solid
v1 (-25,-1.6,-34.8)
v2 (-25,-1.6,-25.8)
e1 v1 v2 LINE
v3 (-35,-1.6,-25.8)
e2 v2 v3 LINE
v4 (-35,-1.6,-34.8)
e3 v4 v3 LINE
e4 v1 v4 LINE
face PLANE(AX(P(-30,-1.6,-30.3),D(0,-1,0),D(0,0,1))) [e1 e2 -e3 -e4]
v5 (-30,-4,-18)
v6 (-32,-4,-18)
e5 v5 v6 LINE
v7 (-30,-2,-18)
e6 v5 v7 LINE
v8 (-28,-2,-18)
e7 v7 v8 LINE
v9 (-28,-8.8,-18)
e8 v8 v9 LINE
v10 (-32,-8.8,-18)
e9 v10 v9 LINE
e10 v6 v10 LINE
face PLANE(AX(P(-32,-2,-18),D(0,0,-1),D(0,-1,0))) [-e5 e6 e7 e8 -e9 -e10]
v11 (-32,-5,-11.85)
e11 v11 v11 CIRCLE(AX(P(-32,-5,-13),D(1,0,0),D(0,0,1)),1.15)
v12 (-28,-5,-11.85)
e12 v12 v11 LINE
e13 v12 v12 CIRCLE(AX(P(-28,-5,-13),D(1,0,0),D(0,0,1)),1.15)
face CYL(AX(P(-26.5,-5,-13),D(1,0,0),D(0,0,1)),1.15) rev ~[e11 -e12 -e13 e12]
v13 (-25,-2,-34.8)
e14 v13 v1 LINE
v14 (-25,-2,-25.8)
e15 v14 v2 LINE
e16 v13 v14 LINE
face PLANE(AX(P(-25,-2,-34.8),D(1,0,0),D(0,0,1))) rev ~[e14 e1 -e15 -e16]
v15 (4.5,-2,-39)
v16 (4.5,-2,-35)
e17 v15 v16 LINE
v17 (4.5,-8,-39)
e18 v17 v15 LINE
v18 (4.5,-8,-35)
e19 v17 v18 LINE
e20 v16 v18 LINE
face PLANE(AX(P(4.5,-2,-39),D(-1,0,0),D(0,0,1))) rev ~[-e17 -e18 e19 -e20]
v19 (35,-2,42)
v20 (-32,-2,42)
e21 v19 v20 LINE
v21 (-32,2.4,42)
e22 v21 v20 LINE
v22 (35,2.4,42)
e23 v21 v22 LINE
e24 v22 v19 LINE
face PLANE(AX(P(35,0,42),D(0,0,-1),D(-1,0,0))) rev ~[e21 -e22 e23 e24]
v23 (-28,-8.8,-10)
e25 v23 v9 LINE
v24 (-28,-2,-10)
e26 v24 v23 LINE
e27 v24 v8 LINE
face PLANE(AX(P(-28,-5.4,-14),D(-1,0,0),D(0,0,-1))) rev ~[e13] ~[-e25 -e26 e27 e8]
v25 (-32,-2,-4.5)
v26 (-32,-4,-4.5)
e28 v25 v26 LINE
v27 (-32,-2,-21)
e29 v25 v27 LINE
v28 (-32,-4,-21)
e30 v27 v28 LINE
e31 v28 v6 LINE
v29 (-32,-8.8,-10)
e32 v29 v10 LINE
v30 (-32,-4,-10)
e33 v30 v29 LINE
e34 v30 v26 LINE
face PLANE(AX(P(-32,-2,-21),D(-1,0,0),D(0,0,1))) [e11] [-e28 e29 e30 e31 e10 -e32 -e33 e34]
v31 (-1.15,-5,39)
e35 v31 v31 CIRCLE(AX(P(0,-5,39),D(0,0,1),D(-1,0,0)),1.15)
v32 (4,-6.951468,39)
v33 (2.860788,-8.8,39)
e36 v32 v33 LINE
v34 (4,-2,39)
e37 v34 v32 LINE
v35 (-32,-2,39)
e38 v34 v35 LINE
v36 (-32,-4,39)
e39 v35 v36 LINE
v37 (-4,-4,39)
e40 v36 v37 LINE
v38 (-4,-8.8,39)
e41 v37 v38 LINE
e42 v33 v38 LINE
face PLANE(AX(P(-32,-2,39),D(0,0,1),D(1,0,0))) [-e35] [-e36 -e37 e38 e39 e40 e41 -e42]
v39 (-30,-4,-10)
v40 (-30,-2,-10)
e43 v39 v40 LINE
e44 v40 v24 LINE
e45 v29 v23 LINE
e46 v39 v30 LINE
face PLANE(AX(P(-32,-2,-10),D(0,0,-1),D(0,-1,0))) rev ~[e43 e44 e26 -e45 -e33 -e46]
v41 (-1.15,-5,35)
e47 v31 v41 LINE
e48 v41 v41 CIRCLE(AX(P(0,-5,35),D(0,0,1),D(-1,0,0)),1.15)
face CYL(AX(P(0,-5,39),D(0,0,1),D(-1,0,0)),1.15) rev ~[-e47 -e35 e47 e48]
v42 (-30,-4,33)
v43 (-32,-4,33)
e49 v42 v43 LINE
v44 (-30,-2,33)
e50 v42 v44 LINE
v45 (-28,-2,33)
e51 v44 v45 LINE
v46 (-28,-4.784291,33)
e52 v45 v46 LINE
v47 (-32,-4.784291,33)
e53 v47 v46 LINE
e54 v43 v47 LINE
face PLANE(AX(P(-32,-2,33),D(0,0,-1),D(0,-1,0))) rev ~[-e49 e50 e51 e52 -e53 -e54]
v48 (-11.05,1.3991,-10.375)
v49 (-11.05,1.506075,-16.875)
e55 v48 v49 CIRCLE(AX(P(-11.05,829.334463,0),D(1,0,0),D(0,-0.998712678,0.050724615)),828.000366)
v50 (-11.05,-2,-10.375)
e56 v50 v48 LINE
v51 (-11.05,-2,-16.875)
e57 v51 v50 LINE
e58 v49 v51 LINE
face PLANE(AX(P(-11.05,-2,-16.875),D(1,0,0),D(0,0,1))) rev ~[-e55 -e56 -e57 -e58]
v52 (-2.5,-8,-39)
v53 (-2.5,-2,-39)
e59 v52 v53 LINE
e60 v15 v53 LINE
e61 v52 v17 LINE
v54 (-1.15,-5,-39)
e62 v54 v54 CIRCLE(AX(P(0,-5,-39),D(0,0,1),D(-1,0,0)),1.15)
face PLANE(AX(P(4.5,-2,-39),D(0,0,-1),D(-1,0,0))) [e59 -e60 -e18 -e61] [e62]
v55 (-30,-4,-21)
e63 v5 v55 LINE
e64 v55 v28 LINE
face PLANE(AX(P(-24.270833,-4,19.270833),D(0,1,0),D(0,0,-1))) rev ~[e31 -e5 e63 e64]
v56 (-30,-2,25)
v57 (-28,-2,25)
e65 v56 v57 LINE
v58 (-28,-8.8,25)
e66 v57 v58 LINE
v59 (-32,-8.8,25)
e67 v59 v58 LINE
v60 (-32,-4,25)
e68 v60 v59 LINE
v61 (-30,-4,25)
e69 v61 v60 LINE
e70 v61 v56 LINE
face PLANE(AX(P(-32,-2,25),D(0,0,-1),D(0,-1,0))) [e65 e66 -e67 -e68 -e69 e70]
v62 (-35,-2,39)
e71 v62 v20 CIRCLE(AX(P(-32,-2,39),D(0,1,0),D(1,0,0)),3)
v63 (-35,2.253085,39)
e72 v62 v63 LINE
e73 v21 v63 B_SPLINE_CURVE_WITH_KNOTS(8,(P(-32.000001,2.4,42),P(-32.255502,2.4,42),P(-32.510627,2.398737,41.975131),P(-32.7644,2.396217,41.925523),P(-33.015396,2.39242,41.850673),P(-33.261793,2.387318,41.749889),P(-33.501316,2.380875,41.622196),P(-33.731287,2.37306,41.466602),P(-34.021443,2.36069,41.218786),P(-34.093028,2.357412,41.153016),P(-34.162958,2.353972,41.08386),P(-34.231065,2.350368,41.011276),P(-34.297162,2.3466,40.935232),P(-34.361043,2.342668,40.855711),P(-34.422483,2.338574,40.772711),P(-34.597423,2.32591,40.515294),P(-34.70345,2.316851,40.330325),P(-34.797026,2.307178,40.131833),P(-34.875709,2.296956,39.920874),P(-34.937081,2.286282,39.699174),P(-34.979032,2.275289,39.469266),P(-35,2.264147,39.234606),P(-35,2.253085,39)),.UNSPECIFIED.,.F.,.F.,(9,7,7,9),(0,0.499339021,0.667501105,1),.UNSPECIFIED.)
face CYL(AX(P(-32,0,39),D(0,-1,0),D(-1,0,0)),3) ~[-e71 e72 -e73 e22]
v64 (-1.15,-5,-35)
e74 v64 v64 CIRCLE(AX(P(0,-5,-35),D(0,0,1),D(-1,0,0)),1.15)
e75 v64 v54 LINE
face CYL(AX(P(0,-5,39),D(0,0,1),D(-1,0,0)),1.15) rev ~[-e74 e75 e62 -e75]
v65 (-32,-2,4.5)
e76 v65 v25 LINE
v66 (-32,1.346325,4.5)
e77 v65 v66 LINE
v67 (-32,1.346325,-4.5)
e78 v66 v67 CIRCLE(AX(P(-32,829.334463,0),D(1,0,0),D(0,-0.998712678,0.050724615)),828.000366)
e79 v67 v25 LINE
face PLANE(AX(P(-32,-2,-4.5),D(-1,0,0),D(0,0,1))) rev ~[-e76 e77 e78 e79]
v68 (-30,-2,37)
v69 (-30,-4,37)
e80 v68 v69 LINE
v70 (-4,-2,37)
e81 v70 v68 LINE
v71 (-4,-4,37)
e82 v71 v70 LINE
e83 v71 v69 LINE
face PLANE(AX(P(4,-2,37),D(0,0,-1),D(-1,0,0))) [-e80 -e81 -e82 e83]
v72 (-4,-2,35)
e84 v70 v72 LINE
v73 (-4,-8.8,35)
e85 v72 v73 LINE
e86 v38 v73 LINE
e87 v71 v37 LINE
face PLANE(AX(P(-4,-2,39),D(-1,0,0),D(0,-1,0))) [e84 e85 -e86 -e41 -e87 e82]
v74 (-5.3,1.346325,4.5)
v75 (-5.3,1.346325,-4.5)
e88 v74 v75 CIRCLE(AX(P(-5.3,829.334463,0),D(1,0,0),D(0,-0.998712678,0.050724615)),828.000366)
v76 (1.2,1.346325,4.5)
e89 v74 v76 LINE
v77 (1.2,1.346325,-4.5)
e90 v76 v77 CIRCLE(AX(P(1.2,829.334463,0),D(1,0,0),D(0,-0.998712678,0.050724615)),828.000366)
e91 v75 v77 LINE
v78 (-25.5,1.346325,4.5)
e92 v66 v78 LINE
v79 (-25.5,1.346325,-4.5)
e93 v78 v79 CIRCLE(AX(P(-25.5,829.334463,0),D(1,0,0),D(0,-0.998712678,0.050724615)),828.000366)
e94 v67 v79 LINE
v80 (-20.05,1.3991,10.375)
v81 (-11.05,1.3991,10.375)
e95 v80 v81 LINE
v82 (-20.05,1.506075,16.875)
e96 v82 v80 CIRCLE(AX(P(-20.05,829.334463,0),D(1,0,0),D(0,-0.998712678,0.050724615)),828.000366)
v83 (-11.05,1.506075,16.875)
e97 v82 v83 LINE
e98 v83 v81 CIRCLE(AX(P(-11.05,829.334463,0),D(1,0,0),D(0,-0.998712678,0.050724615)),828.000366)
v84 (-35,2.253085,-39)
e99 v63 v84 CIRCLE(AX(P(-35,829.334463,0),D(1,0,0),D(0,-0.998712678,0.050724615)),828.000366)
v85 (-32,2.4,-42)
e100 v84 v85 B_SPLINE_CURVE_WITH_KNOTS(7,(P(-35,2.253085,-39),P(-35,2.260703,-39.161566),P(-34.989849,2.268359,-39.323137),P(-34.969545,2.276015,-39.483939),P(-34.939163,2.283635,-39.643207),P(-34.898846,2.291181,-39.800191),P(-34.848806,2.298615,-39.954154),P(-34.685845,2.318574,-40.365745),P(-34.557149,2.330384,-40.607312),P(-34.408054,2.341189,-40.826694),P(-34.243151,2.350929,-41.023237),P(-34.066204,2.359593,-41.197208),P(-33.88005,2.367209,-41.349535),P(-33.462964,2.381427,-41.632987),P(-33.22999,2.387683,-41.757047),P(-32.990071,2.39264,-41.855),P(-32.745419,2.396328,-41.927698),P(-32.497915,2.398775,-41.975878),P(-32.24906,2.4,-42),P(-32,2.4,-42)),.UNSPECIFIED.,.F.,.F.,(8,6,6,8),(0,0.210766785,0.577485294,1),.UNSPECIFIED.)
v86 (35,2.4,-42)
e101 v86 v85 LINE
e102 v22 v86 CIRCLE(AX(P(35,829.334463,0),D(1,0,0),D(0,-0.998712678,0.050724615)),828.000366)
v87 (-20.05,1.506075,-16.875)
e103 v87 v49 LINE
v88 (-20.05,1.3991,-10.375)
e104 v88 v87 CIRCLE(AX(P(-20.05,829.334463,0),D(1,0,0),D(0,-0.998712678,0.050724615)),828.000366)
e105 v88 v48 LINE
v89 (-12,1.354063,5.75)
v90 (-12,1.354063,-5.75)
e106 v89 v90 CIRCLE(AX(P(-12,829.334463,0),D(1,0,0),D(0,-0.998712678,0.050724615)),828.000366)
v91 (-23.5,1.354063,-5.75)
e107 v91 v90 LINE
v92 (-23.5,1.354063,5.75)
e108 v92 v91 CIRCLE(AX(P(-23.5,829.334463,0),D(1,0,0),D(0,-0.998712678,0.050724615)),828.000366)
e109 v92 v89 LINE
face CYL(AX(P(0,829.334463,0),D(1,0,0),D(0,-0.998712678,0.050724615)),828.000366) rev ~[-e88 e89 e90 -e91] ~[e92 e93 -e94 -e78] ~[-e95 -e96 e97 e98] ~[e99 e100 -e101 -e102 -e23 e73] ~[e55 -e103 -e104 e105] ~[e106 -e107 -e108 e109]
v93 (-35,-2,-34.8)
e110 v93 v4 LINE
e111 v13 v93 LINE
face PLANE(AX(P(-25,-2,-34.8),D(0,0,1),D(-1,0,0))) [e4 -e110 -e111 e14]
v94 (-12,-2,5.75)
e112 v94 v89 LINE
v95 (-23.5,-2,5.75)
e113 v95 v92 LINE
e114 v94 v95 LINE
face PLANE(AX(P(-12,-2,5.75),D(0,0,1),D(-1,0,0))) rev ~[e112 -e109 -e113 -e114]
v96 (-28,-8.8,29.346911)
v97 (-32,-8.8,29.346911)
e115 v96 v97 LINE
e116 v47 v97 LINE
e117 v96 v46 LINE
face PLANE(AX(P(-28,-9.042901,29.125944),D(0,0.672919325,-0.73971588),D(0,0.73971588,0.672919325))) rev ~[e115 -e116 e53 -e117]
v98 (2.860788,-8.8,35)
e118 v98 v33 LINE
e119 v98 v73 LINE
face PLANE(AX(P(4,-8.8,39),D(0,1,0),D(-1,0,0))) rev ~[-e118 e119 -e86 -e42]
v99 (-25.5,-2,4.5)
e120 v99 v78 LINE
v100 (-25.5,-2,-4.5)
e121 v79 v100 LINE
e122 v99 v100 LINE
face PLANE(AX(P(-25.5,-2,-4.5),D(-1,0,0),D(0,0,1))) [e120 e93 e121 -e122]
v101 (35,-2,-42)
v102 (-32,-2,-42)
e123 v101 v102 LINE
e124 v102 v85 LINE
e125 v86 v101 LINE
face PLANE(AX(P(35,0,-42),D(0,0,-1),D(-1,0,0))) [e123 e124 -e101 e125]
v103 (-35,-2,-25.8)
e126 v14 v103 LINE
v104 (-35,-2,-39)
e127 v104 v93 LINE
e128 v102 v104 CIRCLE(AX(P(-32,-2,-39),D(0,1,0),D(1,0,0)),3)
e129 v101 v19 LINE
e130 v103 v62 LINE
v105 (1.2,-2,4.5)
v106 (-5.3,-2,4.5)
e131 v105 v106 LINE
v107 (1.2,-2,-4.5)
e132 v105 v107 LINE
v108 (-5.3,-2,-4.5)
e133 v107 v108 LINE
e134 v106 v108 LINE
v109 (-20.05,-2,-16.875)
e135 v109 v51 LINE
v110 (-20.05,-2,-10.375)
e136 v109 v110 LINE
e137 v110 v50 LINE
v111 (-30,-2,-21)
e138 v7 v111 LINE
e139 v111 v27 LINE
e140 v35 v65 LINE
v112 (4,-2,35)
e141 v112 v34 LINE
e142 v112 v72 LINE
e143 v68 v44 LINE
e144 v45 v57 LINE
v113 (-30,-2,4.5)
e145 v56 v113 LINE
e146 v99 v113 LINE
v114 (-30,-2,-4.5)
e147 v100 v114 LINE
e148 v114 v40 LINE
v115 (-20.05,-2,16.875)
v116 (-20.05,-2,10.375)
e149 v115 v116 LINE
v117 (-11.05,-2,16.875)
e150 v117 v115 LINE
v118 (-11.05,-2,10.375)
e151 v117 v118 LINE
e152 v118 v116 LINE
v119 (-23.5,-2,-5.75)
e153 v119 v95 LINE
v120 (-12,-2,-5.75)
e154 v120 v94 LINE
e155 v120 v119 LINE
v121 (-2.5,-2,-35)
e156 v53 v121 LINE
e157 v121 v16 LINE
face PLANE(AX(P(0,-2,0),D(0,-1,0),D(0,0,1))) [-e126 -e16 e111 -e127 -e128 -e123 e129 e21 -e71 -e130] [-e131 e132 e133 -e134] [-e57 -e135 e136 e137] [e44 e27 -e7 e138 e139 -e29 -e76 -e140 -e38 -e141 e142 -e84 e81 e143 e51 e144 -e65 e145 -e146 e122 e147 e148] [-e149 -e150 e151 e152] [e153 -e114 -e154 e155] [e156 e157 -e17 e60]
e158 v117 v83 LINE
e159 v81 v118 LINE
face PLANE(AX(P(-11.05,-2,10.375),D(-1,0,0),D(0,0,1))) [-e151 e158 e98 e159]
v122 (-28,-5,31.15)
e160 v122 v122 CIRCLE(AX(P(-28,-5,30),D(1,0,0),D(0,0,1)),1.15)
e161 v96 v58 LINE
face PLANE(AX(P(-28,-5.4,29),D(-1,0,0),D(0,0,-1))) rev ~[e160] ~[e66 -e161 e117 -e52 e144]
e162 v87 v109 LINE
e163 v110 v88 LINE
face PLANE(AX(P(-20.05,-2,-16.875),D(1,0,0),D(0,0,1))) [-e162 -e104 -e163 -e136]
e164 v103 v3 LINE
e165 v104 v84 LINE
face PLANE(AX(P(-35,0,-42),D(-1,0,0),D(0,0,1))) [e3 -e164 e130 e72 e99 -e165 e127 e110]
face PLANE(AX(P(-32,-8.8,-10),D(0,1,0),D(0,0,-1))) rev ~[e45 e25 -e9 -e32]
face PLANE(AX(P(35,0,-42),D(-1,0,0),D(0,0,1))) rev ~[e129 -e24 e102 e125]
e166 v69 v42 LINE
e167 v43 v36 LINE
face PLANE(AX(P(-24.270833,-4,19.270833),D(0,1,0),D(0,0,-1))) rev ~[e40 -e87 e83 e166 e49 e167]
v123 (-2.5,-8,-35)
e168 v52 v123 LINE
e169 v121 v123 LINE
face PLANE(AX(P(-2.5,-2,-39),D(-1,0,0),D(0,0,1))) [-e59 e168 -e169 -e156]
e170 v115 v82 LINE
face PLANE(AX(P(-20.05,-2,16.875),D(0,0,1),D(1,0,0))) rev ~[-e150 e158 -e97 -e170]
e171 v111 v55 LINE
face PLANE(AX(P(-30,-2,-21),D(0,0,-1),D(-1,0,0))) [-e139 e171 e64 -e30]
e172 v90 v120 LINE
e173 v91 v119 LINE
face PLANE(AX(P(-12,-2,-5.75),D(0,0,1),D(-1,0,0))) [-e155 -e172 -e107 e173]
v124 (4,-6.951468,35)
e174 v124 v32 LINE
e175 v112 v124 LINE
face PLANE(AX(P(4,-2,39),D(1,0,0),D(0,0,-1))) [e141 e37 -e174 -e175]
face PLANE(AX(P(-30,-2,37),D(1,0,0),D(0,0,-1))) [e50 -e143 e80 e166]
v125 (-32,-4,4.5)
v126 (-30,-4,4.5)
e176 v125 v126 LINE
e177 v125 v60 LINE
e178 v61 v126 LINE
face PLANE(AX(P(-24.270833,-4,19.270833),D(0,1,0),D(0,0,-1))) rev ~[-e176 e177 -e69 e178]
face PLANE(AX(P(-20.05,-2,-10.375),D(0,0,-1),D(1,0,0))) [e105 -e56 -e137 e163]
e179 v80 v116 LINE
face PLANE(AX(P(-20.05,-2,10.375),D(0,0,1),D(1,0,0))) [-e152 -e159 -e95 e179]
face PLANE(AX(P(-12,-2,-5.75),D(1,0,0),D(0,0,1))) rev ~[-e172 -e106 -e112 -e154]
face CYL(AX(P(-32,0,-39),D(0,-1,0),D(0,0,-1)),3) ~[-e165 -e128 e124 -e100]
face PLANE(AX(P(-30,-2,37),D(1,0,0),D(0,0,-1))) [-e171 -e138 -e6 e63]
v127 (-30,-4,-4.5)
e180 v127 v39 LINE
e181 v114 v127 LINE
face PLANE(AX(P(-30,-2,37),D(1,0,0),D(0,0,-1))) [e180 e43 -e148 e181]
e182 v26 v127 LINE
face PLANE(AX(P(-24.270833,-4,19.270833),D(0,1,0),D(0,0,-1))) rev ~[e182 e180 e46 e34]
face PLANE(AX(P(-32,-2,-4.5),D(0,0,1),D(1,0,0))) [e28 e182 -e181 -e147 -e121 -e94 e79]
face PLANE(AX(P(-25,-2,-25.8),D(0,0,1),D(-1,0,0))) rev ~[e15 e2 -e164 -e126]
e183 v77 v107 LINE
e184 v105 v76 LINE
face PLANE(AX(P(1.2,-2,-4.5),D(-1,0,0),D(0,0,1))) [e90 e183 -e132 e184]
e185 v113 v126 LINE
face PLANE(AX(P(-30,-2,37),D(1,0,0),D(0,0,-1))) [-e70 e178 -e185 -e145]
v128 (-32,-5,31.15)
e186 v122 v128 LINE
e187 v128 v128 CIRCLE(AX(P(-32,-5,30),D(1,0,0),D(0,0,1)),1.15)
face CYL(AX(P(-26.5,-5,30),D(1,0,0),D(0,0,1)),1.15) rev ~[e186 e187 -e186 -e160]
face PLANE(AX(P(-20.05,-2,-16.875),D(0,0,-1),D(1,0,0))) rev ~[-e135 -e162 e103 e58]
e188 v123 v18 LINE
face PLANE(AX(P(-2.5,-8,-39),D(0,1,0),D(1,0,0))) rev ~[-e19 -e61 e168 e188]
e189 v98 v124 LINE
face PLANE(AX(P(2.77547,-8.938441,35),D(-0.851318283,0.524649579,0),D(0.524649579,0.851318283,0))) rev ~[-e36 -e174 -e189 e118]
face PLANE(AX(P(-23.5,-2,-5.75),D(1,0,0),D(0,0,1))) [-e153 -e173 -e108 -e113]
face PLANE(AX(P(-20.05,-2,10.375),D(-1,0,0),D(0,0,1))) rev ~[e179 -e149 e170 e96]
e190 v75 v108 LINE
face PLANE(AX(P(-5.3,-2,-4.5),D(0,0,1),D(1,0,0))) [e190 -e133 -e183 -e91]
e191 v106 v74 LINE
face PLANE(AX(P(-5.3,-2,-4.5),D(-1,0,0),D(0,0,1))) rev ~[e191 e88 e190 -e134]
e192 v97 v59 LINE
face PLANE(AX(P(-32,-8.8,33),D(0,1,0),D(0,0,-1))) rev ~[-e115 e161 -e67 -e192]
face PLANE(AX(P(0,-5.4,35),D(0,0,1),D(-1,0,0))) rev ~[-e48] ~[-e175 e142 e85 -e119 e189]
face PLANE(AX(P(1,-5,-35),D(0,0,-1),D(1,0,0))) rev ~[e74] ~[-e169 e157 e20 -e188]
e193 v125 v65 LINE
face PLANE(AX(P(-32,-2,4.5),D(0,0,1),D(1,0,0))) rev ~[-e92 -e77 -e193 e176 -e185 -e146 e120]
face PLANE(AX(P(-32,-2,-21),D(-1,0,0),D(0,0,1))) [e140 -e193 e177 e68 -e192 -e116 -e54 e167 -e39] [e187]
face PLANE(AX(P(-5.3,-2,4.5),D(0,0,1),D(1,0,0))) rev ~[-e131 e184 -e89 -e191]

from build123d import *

# Parameters (mm, degrees)
SKETCH009_W             = 84
SKETCH009_H             = 70
PAD002_DEPTH            = 2
SKETCH010_W             = 2
SKETCH010_H             = 7
PAD003_DEPTH            = 2
SKETCH012_W             = 8
SKETCH012_H             = 6.8
PAD004_DEPTH            = 4
SKETCH013_W             = 7
SKETCH013_H             = 6
PAD005_DEPTH            = 4
SKETCH011_W             = 8
SKETCH011_H             = 6.8
PAD006_DEPTH            = 4
SKETCH014_R             = 1.15
POCKET002_DEPTH         = 81.001
SKETCH016_R             = 1.15
POCKET003_DEPTH         = 8.501
SKETCH018_W             = 11.5
SKETCH018_H             = 11.5
POCKET004_DEPTH         = 5
POCKET005_DEPTH         = 5
POCKET006_DEPTH         = 5
SKETCH022_W             = 9
SKETCH022_H             = 10
POCKET007_DEPTH         = 0.4
FILLET_R                = 3
BODY002_PITCH_ANGLE     = -90
BODY002_PLACEMENT_ANGLE = 90
PAD001_DEPTH            = 35
SKETCH007_W             = 11.5
SKETCH007_H             = 11.5
POCKET001_DEPTH         = 13
FILLET001_R             = 3
SKETCH025_W             = 6.5
SKETCH025_H             = 9
SKETCH025_W_2           = 9
SKETCH025_H_2           = 6.5
POCKET008_DEPTH         = 8


with BuildPart() as back:
    # Sketch009 → Pad002 (new body)
    with BuildSketch(Plane.XY):
        Rectangle(SKETCH009_W, SKETCH009_H)
    extrude(amount=PAD002_DEPTH)

    # Sketch010 (on Face6 of Pad002) → Pad003 (join)
    with BuildSketch(Plane.XY.offset(2)):
        with Locations((-38, -1)):
            Rectangle(SKETCH010_W, SKETCH010_H)
        Polygon((-21, 32), (39, 32), (39, -4), (37, -4), (37, 30), (-21, 30), align=None)
    extrude(amount=PAD003_DEPTH)

    # Sketch012 (on Face15 of Pad003) → Pad004 (join)
    with BuildSketch(Plane.YZ.offset(39)):
        with Locations((0, 5.4)):
            Rectangle(SKETCH012_W, SKETCH012_H)
    extrude(amount=-PAD004_DEPTH)

    # Sketch013 (on Face9 of Pad004) → Pad005 (join)
    with BuildSketch(Plane(origin=(-39, 0, 0), x_dir=(0, -1, 0), z_dir=(-1, 0, 0))):
        with Locations((1, 5)):
            Rectangle(SKETCH013_W, SKETCH013_H)
    extrude(amount=-PAD005_DEPTH)

    # Sketch011 (on Face16 of Pad003) → Pad006 (join)
    with BuildSketch(Plane(origin=(0, 32, 0), x_dir=(-1, 0, 0), z_dir=(0, 1, 0))):
        with Locations((-29, 5.4)):
            Rectangle(SKETCH011_W, SKETCH011_H)
        with Locations((14, 5.4)):
            Rectangle(SKETCH011_W, SKETCH011_H)
    extrude(amount=-PAD006_DEPTH)

    # Sketch014 (on Face44 of Pad006) → Pocket002 (cut, through all)
    with BuildSketch(Plane.YZ.offset(39)):
        with Locations((0, 5)):
            Circle(SKETCH014_R)
    extrude(amount=-POCKET002_DEPTH, mode=Mode.SUBTRACT)

    # Sketch016 → Pocket003 (cut, through all)
    with BuildSketch(Plane.XZ.offset(-26.5)):
        with Locations((-13, 5)):
            Circle(SKETCH016_R)
        with Locations((30, 5)):
            Circle(SKETCH016_R)
    extrude(amount=-POCKET003_DEPTH, mode=Mode.SUBTRACT)

    # Sketch018 (on Face5 of Pocket003) → Pocket004 (cut)
    with BuildSketch(Plane.XY.offset(2)):
        with Locations((0, 17.75)):
            Rectangle(SKETCH018_W, SKETCH018_H)
    extrude(amount=-POCKET004_DEPTH, mode=Mode.SUBTRACT)

    # Sketch019 (on Face31 of Pocket004) → Pocket005 (cut)
    with BuildSketch(Plane.XZ.offset(-28)):
        Polygon((29.125944, 9.042901), (33.258869, 4.499726), (33.258869, 9.042901), align=None)
    extrude(amount=-POCKET005_DEPTH, mode=Mode.SUBTRACT)

    # Sketch020 (on Face36 of Pocket005) → Pocket006 (cut)
    with BuildSketch(Plane(origin=(35, 0, 0), x_dir=(0, -1, 0), z_dir=(-1, 0, 0))):
        Polygon((2.77547, 8.938441), (6.386171, 3.079567), (6.386171, 8.938441), align=None)
    extrude(amount=-POCKET006_DEPTH, mode=Mode.SUBTRACT)

    # Sketch022 (on Face5 of Pocket005) → Pocket007 (cut)
    with BuildSketch(Plane.XY.offset(2)):
        with Locations((-30.3, 30)):
            Rectangle(SKETCH022_W, SKETCH022_H)
    extrude(amount=-POCKET007_DEPTH, mode=Mode.SUBTRACT)

    # Fillet
    fillet_edges = [back.edges().sort_by_distance(p)[0] for p in [
        (42, 35, 1),
        (-42, 35, 1),
    ]]
    fillet(fillet_edges, radius=FILLET_R)


with BuildPart() as back_1:
    # Body002 pitch: moved
    add(back.part.rotate(Axis((0, 0, 0), (0, 1, 0)), BODY002_PITCH_ANGLE))


with BuildPart() as back_2:
    # Body002 placement: moved
    add(back_1.part.rotate(Axis((0, 0, 0), (0, 0, 1)), BODY002_PLACEMENT_ANGLE))


with BuildPart() as curve:
    # Sketch006 → Pad001 (new body, symmetric)
    with BuildSketch(Plane(origin=(0, 0, 0), x_dir=(0, 0, -1), z_dir=(1, 0, 0))):
        with BuildLine():
            ThreePointArc((-42, 2.4), (0, 1.334097), (42, 2.4))
            Line((42, -0.1), (42, 2.4))
            Line((-42, -0.1), (42, -0.1))
            Line((-42, 2.4), (-42, -0.1))
        make_face()
    extrude(amount=PAD001_DEPTH, both=True)

    # Sketch007 (on Face3 of Pad001) → Pocket001 (cut)
    with BuildSketch(Plane.XZ.offset(0.1)):
        with Locations((-17.75, 0)):
            Rectangle(SKETCH007_W, SKETCH007_H)
    extrude(amount=-POCKET001_DEPTH, mode=Mode.SUBTRACT)

    # Fillet001
    fillet001_edges = [curve.edges().sort_by_distance(p)[0] for p in [
        (-35, 1.15, -42),
        (-35, 1.15, 42),
    ]]
    fillet(fillet001_edges, radius=FILLET001_R)

    # Boolean: union Back
    add(back_2.part)

    # Sketch025 (on Face32 of Boolean) → Pocket008 (cut, symmetric)
    with BuildSketch(Plane.XZ.offset(2)):
        with Locations((-28.75, 0)):
            Rectangle(SKETCH025_W, SKETCH025_H)
        with Locations((-15.55, 13.625)):
            Rectangle(SKETCH025_W_2, SKETCH025_H_2)
        with Locations((-2.05, 0)):
            Rectangle(SKETCH025_W, SKETCH025_H)
        with Locations((-15.55, -13.625)):
            Rectangle(SKETCH025_W_2, SKETCH025_H_2)
    extrude(amount=POCKET008_DEPTH, both=True, mode=Mode.SUBTRACT)


solid = curve.part
